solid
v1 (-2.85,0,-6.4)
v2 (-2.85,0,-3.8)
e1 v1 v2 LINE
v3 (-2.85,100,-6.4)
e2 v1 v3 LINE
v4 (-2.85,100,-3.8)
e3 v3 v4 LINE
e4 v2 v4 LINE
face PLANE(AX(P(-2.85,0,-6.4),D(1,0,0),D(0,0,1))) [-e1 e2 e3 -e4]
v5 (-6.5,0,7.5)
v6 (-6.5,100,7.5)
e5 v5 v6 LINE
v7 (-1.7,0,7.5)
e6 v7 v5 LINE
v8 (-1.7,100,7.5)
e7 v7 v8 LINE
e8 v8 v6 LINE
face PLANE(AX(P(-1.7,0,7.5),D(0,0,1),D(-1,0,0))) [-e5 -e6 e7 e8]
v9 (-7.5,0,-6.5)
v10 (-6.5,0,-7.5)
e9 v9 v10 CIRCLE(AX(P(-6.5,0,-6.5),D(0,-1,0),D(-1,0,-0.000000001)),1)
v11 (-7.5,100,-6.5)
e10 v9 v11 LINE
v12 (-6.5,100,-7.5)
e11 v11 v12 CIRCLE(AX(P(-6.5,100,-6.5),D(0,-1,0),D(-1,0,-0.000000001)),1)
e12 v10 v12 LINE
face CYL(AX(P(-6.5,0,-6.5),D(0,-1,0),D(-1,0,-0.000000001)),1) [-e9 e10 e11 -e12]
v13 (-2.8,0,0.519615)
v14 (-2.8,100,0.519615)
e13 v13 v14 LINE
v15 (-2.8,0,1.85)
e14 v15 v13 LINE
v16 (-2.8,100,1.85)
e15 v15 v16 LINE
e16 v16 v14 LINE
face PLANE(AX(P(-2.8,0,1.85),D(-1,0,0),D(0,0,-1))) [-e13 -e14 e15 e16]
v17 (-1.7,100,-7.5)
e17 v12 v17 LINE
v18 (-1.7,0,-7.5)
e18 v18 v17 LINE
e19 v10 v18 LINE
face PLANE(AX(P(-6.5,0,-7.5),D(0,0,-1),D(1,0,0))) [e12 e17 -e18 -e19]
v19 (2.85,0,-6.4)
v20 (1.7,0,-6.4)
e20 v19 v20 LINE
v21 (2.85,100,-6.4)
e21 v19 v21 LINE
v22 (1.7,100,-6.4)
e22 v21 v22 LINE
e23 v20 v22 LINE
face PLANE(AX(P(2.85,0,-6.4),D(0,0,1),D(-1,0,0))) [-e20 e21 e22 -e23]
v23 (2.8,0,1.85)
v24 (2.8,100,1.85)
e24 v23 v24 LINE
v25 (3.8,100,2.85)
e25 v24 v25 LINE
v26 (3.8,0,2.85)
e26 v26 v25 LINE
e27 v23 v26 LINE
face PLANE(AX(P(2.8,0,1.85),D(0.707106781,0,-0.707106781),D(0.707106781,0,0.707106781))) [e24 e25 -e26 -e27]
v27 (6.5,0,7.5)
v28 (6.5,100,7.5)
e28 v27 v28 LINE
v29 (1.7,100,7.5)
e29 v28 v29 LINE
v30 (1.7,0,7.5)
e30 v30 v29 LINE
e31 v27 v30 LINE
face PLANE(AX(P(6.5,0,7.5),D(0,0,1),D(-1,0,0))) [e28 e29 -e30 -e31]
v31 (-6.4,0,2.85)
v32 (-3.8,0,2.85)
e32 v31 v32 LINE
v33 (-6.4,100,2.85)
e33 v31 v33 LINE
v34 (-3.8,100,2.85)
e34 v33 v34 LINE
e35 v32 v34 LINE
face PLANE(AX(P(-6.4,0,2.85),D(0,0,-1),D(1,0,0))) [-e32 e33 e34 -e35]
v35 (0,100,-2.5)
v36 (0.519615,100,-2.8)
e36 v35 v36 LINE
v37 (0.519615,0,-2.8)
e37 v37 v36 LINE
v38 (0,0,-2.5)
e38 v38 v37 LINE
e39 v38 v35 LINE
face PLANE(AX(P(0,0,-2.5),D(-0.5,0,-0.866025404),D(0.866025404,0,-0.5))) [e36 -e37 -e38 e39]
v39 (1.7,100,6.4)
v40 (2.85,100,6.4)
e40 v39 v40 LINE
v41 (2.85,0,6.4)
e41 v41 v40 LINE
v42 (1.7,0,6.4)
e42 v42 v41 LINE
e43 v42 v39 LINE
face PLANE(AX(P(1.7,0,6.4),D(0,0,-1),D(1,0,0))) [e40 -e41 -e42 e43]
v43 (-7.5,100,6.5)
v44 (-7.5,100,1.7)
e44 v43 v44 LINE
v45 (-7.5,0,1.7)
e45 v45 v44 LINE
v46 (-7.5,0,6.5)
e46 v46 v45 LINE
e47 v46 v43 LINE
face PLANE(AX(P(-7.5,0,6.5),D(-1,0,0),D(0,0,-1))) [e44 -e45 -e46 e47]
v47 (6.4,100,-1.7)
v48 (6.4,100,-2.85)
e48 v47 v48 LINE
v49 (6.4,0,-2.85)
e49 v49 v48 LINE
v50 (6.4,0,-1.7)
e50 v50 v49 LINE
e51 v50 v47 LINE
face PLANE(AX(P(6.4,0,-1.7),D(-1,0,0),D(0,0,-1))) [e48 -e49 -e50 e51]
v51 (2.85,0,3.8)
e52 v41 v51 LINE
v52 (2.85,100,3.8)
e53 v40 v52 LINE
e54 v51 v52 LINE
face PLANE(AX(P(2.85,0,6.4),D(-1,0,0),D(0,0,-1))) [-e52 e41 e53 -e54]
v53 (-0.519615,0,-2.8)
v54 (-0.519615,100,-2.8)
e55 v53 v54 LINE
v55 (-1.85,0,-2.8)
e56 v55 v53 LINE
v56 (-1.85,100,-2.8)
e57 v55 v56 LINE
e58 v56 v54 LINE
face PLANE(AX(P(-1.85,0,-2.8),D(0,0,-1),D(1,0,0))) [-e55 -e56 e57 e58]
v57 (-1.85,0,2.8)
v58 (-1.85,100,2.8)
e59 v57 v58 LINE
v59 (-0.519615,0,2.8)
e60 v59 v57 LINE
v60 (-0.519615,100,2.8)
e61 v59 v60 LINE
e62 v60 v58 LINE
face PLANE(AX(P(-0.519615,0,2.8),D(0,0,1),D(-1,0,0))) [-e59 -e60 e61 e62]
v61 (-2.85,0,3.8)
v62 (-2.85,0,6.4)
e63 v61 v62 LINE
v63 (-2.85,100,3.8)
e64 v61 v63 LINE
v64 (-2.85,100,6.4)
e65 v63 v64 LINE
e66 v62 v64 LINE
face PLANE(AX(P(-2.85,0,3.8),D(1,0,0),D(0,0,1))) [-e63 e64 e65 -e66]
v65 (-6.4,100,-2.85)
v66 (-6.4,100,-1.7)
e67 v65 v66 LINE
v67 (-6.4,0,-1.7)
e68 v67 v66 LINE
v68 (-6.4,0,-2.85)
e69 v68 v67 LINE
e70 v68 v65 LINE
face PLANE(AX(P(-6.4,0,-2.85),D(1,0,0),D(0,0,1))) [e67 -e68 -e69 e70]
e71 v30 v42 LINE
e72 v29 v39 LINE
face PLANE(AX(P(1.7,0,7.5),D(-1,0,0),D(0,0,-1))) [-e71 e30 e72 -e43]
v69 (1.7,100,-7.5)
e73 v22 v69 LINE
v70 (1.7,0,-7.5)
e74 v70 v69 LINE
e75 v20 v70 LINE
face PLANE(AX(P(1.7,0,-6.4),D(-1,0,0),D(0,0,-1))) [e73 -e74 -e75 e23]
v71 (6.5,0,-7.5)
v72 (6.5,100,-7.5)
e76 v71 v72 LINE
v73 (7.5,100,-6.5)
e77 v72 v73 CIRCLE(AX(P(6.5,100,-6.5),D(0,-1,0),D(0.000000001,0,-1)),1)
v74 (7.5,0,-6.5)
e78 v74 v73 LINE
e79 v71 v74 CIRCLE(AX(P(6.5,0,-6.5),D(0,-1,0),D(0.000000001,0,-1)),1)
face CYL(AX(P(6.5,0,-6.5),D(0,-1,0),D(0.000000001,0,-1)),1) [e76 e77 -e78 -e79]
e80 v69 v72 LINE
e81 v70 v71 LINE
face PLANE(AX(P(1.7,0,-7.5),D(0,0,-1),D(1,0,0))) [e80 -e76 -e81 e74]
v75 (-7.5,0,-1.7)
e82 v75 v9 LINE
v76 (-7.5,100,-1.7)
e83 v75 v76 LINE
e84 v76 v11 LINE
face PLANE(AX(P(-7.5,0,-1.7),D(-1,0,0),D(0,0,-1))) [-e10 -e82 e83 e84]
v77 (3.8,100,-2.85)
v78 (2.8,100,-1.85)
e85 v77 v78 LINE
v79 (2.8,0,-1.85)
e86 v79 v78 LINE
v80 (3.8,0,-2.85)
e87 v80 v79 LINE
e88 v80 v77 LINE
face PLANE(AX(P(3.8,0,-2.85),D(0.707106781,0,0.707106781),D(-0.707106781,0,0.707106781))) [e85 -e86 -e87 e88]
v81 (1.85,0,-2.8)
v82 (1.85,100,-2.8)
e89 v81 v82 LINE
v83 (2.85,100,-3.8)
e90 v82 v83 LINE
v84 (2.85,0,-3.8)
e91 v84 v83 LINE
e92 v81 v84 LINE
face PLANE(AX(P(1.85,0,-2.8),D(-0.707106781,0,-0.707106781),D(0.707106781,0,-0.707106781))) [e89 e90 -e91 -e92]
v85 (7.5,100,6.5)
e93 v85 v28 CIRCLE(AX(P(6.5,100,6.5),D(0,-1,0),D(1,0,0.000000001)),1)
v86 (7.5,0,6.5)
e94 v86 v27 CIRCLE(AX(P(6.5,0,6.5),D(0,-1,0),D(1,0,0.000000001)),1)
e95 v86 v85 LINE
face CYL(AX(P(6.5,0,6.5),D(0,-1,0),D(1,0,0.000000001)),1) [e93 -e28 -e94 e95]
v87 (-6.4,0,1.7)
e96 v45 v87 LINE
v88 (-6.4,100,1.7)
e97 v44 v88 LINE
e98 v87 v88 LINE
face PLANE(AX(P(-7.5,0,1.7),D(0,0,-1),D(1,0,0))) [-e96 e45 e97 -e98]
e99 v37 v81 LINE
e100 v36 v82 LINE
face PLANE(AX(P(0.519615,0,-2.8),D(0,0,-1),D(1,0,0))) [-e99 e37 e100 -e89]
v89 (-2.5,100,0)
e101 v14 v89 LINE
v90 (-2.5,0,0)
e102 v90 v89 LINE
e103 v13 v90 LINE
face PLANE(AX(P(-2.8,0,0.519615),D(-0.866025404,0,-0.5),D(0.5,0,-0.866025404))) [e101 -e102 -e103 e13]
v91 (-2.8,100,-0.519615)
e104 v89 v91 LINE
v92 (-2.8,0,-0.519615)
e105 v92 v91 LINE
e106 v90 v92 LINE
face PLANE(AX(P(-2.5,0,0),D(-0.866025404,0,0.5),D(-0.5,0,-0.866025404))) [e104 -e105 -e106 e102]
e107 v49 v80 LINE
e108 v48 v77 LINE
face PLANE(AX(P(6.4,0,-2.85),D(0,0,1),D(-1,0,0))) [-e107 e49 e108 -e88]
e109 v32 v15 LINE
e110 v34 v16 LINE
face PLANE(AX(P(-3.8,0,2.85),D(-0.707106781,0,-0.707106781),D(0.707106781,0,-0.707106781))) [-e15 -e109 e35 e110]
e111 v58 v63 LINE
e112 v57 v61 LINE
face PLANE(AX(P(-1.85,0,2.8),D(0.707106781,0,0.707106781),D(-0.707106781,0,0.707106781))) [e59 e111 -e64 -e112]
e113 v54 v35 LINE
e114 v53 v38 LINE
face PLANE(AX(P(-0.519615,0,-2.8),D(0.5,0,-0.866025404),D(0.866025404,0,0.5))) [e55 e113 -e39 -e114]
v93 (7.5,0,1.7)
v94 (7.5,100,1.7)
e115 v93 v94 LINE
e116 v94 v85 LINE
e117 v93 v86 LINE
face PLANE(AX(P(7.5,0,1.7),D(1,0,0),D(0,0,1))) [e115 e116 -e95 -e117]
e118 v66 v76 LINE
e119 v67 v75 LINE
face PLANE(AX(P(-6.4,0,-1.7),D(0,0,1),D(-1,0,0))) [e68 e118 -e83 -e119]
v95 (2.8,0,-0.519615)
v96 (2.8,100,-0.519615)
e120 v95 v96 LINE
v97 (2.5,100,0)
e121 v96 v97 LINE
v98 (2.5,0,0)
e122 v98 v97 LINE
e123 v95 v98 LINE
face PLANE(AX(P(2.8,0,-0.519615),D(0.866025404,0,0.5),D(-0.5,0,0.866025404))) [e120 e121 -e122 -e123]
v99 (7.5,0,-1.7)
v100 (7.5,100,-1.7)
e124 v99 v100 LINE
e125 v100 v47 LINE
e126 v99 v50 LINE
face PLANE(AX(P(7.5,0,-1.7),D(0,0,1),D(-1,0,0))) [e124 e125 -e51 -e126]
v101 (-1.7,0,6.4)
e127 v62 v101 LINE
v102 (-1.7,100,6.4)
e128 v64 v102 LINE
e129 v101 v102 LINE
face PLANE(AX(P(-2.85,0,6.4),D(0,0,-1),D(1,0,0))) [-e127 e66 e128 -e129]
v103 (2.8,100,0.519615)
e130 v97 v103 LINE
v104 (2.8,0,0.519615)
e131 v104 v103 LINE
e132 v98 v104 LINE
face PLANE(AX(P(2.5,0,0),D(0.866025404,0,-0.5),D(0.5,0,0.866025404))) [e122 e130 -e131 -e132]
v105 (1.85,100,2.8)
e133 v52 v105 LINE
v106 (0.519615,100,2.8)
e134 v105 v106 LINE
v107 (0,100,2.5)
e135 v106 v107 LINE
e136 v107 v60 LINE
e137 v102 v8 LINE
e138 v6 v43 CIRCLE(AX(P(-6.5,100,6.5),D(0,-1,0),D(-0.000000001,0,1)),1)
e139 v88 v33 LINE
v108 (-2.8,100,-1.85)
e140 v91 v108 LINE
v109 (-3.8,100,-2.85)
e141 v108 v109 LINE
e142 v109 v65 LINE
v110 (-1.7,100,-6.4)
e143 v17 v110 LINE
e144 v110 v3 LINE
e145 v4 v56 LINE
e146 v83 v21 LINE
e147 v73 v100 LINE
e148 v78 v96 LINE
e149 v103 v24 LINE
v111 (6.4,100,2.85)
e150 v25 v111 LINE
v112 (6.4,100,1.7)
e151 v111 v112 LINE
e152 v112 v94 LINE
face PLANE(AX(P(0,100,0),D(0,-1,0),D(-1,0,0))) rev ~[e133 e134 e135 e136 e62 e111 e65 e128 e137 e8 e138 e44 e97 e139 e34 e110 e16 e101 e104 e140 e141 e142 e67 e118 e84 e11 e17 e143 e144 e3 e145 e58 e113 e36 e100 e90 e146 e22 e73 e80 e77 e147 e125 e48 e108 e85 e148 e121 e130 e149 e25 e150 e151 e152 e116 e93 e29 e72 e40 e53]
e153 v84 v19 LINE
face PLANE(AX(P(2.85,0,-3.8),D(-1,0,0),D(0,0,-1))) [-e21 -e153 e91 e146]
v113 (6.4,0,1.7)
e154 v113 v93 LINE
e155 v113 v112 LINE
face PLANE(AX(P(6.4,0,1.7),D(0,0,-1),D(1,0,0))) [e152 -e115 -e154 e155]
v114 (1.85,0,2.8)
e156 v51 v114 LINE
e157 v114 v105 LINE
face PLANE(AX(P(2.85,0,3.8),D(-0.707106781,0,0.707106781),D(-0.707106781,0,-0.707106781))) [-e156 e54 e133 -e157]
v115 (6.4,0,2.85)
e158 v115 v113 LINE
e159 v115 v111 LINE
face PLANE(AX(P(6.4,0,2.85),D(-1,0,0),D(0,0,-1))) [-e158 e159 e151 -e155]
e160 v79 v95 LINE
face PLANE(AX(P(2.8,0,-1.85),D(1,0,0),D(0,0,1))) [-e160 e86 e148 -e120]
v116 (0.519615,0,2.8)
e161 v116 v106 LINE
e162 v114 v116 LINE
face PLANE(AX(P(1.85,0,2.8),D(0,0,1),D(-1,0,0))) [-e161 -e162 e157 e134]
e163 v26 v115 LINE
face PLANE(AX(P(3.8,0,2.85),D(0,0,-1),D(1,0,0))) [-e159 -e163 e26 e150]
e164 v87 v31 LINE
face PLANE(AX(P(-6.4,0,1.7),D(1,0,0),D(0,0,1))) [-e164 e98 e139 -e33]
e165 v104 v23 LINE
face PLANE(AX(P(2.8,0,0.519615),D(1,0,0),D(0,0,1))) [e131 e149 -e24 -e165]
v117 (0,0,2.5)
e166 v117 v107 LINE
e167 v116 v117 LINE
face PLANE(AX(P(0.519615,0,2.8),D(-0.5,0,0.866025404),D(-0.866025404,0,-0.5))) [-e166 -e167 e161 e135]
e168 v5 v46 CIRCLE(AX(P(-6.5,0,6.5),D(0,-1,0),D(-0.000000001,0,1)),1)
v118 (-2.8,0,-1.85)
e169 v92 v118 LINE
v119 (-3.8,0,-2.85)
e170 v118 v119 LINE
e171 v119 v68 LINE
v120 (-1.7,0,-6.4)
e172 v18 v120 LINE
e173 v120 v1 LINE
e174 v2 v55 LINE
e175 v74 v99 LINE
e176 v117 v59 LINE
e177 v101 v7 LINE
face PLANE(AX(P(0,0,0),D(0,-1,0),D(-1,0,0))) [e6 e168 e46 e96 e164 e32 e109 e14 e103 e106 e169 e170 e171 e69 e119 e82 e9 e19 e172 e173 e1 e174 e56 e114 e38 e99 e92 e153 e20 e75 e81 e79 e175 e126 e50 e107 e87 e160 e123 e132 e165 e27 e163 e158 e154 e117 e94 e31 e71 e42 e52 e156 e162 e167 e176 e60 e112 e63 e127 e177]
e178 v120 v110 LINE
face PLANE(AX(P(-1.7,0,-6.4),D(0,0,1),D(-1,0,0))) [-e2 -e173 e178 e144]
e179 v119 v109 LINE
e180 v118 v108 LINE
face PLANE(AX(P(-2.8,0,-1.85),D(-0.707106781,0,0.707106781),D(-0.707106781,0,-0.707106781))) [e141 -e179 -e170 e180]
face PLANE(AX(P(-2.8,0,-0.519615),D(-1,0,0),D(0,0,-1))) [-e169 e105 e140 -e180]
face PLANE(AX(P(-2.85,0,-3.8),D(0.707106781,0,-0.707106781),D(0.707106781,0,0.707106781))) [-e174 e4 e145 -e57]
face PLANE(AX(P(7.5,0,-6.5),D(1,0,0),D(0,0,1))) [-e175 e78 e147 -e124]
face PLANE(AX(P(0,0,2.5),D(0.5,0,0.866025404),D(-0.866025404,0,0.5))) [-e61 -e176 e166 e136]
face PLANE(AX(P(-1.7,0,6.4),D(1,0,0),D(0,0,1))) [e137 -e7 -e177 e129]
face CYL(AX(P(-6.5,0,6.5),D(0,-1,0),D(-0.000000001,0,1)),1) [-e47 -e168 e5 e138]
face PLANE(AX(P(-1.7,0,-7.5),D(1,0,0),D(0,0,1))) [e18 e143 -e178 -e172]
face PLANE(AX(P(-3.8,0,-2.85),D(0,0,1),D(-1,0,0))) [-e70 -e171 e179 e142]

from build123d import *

# Parameters (mm, degrees)
BOSS_EXTRUDE1_DEPTH = 100


with BuildPart() as part:
    # Sketch2 → Boss-Extrude1 (new body)
    with BuildSketch(Plane(origin=(0, 0, 0), x_dir=(1, 0, 0), z_dir=(0, 1, 0))):
        with BuildLine():
            Line((1.7, 7.5), (6.5, 7.5))
            ThreePointArc((6.5, 7.5), (7.207106781, 7.207106781), (7.5, 6.5))
            Line((7.5, 6.5), (7.5, 1.7))
            Line((7.5, 1.7), (6.4, 1.7))
            Line((6.4, 1.7), (6.4, 2.85))
            Line((6.4, 2.85), (3.8, 2.85))
            Line((3.8, 2.85), (2.8, 1.85))
            Line((2.8, 1.85), (2.8, 0.519615242))
            Line((2.8, 0.519615242), (2.5, 0))
            Line((2.5, 0), (2.8, -0.519615242))
            Line((2.8, -0.519615242), (2.8, -1.85))
            Line((2.8, -1.85), (3.8, -2.85))
            Line((3.8, -2.85), (6.4, -2.85))
            Line((6.4, -2.85), (6.4, -1.7))
            Line((6.4, -1.7), (7.5, -1.7))
            Line((7.5, -1.7), (7.5, -6.5))
            ThreePointArc((7.5, -6.5), (7.207106781, -7.207106781), (6.5, -7.5))
            Line((6.5, -7.5), (1.7, -7.5))
            Line((1.7, -7.5), (1.7, -6.4))
            Line((1.7, -6.4), (2.85, -6.4))
            Line((2.85, -6.4), (2.85, -3.8))
            Line((2.85, -3.8), (1.85, -2.8))
            Line((1.85, -2.8), (0.519615242, -2.8))
            Line((0.519615242, -2.8), (0, -2.5))
            Line((0, -2.5), (-0.519615242, -2.8))
            Line((-0.519615242, -2.8), (-1.85, -2.8))
            Line((-1.85, -2.8), (-2.85, -3.8))
            Line((-2.85, -3.8), (-2.85, -6.4))
            Line((-2.85, -6.4), (-1.7, -6.4))
            Line((-1.7, -6.4), (-1.7, -7.5))
            Line((-1.7, -7.5), (-6.5, -7.5))
            ThreePointArc((-6.5, -7.5), (-7.207106781, -7.207106781), (-7.5, -6.5))
            Line((-7.5, -6.5), (-7.5, -1.7))
            Line((-7.5, -1.7), (-6.4, -1.7))
            Line((-6.4, -1.7), (-6.4, -2.85))
            Line((-6.4, -2.85), (-3.8, -2.85))
            Line((-3.8, -2.85), (-2.8, -1.85))
            Line((-2.8, -1.85), (-2.8, -0.519615242))
            Line((-2.8, -0.519615242), (-2.5, 0))
            Line((-2.5, 0), (-2.8, 0.519615242))
            Line((-2.8, 0.519615242), (-2.8, 1.85))
            Line((-2.8, 1.85), (-3.8, 2.85))
            Line((-3.8, 2.85), (-6.4, 2.85))
            Line((-6.4, 2.85), (-6.4, 1.7))
            Line((-6.4, 1.7), (-7.5, 1.7))
            Line((-7.5, 1.7), (-7.5, 6.5))
            ThreePointArc((-7.5, 6.5), (-7.207106781, 7.207106781), (-6.5, 7.5))
            Line((-6.5, 7.5), (-1.7, 7.5))
            Line((-1.7, 7.5), (-1.7, 6.4))
            Line((-1.7, 6.4), (-2.85, 6.4))
            Line((-2.85, 6.4), (-2.85, 3.8))
            Line((-2.85, 3.8), (-1.85, 2.8))
            Line((-1.85, 2.8), (-0.519615242, 2.8))
            Line((-0.519615242, 2.8), (0, 2.5))
            Line((0, 2.5), (0.519615242, 2.8))
            Line((0.519615242, 2.8), (1.85, 2.8))
            Line((1.85, 2.8), (2.85, 3.8))
            Line((2.85, 3.8), (2.85, 6.4))
            Line((2.85, 6.4), (1.7, 6.4))
            Line((1.7, 6.4), (1.7, 7.5))
        make_face()
    extrude(amount=BOSS_EXTRUDE1_DEPTH)


solid = part.part
